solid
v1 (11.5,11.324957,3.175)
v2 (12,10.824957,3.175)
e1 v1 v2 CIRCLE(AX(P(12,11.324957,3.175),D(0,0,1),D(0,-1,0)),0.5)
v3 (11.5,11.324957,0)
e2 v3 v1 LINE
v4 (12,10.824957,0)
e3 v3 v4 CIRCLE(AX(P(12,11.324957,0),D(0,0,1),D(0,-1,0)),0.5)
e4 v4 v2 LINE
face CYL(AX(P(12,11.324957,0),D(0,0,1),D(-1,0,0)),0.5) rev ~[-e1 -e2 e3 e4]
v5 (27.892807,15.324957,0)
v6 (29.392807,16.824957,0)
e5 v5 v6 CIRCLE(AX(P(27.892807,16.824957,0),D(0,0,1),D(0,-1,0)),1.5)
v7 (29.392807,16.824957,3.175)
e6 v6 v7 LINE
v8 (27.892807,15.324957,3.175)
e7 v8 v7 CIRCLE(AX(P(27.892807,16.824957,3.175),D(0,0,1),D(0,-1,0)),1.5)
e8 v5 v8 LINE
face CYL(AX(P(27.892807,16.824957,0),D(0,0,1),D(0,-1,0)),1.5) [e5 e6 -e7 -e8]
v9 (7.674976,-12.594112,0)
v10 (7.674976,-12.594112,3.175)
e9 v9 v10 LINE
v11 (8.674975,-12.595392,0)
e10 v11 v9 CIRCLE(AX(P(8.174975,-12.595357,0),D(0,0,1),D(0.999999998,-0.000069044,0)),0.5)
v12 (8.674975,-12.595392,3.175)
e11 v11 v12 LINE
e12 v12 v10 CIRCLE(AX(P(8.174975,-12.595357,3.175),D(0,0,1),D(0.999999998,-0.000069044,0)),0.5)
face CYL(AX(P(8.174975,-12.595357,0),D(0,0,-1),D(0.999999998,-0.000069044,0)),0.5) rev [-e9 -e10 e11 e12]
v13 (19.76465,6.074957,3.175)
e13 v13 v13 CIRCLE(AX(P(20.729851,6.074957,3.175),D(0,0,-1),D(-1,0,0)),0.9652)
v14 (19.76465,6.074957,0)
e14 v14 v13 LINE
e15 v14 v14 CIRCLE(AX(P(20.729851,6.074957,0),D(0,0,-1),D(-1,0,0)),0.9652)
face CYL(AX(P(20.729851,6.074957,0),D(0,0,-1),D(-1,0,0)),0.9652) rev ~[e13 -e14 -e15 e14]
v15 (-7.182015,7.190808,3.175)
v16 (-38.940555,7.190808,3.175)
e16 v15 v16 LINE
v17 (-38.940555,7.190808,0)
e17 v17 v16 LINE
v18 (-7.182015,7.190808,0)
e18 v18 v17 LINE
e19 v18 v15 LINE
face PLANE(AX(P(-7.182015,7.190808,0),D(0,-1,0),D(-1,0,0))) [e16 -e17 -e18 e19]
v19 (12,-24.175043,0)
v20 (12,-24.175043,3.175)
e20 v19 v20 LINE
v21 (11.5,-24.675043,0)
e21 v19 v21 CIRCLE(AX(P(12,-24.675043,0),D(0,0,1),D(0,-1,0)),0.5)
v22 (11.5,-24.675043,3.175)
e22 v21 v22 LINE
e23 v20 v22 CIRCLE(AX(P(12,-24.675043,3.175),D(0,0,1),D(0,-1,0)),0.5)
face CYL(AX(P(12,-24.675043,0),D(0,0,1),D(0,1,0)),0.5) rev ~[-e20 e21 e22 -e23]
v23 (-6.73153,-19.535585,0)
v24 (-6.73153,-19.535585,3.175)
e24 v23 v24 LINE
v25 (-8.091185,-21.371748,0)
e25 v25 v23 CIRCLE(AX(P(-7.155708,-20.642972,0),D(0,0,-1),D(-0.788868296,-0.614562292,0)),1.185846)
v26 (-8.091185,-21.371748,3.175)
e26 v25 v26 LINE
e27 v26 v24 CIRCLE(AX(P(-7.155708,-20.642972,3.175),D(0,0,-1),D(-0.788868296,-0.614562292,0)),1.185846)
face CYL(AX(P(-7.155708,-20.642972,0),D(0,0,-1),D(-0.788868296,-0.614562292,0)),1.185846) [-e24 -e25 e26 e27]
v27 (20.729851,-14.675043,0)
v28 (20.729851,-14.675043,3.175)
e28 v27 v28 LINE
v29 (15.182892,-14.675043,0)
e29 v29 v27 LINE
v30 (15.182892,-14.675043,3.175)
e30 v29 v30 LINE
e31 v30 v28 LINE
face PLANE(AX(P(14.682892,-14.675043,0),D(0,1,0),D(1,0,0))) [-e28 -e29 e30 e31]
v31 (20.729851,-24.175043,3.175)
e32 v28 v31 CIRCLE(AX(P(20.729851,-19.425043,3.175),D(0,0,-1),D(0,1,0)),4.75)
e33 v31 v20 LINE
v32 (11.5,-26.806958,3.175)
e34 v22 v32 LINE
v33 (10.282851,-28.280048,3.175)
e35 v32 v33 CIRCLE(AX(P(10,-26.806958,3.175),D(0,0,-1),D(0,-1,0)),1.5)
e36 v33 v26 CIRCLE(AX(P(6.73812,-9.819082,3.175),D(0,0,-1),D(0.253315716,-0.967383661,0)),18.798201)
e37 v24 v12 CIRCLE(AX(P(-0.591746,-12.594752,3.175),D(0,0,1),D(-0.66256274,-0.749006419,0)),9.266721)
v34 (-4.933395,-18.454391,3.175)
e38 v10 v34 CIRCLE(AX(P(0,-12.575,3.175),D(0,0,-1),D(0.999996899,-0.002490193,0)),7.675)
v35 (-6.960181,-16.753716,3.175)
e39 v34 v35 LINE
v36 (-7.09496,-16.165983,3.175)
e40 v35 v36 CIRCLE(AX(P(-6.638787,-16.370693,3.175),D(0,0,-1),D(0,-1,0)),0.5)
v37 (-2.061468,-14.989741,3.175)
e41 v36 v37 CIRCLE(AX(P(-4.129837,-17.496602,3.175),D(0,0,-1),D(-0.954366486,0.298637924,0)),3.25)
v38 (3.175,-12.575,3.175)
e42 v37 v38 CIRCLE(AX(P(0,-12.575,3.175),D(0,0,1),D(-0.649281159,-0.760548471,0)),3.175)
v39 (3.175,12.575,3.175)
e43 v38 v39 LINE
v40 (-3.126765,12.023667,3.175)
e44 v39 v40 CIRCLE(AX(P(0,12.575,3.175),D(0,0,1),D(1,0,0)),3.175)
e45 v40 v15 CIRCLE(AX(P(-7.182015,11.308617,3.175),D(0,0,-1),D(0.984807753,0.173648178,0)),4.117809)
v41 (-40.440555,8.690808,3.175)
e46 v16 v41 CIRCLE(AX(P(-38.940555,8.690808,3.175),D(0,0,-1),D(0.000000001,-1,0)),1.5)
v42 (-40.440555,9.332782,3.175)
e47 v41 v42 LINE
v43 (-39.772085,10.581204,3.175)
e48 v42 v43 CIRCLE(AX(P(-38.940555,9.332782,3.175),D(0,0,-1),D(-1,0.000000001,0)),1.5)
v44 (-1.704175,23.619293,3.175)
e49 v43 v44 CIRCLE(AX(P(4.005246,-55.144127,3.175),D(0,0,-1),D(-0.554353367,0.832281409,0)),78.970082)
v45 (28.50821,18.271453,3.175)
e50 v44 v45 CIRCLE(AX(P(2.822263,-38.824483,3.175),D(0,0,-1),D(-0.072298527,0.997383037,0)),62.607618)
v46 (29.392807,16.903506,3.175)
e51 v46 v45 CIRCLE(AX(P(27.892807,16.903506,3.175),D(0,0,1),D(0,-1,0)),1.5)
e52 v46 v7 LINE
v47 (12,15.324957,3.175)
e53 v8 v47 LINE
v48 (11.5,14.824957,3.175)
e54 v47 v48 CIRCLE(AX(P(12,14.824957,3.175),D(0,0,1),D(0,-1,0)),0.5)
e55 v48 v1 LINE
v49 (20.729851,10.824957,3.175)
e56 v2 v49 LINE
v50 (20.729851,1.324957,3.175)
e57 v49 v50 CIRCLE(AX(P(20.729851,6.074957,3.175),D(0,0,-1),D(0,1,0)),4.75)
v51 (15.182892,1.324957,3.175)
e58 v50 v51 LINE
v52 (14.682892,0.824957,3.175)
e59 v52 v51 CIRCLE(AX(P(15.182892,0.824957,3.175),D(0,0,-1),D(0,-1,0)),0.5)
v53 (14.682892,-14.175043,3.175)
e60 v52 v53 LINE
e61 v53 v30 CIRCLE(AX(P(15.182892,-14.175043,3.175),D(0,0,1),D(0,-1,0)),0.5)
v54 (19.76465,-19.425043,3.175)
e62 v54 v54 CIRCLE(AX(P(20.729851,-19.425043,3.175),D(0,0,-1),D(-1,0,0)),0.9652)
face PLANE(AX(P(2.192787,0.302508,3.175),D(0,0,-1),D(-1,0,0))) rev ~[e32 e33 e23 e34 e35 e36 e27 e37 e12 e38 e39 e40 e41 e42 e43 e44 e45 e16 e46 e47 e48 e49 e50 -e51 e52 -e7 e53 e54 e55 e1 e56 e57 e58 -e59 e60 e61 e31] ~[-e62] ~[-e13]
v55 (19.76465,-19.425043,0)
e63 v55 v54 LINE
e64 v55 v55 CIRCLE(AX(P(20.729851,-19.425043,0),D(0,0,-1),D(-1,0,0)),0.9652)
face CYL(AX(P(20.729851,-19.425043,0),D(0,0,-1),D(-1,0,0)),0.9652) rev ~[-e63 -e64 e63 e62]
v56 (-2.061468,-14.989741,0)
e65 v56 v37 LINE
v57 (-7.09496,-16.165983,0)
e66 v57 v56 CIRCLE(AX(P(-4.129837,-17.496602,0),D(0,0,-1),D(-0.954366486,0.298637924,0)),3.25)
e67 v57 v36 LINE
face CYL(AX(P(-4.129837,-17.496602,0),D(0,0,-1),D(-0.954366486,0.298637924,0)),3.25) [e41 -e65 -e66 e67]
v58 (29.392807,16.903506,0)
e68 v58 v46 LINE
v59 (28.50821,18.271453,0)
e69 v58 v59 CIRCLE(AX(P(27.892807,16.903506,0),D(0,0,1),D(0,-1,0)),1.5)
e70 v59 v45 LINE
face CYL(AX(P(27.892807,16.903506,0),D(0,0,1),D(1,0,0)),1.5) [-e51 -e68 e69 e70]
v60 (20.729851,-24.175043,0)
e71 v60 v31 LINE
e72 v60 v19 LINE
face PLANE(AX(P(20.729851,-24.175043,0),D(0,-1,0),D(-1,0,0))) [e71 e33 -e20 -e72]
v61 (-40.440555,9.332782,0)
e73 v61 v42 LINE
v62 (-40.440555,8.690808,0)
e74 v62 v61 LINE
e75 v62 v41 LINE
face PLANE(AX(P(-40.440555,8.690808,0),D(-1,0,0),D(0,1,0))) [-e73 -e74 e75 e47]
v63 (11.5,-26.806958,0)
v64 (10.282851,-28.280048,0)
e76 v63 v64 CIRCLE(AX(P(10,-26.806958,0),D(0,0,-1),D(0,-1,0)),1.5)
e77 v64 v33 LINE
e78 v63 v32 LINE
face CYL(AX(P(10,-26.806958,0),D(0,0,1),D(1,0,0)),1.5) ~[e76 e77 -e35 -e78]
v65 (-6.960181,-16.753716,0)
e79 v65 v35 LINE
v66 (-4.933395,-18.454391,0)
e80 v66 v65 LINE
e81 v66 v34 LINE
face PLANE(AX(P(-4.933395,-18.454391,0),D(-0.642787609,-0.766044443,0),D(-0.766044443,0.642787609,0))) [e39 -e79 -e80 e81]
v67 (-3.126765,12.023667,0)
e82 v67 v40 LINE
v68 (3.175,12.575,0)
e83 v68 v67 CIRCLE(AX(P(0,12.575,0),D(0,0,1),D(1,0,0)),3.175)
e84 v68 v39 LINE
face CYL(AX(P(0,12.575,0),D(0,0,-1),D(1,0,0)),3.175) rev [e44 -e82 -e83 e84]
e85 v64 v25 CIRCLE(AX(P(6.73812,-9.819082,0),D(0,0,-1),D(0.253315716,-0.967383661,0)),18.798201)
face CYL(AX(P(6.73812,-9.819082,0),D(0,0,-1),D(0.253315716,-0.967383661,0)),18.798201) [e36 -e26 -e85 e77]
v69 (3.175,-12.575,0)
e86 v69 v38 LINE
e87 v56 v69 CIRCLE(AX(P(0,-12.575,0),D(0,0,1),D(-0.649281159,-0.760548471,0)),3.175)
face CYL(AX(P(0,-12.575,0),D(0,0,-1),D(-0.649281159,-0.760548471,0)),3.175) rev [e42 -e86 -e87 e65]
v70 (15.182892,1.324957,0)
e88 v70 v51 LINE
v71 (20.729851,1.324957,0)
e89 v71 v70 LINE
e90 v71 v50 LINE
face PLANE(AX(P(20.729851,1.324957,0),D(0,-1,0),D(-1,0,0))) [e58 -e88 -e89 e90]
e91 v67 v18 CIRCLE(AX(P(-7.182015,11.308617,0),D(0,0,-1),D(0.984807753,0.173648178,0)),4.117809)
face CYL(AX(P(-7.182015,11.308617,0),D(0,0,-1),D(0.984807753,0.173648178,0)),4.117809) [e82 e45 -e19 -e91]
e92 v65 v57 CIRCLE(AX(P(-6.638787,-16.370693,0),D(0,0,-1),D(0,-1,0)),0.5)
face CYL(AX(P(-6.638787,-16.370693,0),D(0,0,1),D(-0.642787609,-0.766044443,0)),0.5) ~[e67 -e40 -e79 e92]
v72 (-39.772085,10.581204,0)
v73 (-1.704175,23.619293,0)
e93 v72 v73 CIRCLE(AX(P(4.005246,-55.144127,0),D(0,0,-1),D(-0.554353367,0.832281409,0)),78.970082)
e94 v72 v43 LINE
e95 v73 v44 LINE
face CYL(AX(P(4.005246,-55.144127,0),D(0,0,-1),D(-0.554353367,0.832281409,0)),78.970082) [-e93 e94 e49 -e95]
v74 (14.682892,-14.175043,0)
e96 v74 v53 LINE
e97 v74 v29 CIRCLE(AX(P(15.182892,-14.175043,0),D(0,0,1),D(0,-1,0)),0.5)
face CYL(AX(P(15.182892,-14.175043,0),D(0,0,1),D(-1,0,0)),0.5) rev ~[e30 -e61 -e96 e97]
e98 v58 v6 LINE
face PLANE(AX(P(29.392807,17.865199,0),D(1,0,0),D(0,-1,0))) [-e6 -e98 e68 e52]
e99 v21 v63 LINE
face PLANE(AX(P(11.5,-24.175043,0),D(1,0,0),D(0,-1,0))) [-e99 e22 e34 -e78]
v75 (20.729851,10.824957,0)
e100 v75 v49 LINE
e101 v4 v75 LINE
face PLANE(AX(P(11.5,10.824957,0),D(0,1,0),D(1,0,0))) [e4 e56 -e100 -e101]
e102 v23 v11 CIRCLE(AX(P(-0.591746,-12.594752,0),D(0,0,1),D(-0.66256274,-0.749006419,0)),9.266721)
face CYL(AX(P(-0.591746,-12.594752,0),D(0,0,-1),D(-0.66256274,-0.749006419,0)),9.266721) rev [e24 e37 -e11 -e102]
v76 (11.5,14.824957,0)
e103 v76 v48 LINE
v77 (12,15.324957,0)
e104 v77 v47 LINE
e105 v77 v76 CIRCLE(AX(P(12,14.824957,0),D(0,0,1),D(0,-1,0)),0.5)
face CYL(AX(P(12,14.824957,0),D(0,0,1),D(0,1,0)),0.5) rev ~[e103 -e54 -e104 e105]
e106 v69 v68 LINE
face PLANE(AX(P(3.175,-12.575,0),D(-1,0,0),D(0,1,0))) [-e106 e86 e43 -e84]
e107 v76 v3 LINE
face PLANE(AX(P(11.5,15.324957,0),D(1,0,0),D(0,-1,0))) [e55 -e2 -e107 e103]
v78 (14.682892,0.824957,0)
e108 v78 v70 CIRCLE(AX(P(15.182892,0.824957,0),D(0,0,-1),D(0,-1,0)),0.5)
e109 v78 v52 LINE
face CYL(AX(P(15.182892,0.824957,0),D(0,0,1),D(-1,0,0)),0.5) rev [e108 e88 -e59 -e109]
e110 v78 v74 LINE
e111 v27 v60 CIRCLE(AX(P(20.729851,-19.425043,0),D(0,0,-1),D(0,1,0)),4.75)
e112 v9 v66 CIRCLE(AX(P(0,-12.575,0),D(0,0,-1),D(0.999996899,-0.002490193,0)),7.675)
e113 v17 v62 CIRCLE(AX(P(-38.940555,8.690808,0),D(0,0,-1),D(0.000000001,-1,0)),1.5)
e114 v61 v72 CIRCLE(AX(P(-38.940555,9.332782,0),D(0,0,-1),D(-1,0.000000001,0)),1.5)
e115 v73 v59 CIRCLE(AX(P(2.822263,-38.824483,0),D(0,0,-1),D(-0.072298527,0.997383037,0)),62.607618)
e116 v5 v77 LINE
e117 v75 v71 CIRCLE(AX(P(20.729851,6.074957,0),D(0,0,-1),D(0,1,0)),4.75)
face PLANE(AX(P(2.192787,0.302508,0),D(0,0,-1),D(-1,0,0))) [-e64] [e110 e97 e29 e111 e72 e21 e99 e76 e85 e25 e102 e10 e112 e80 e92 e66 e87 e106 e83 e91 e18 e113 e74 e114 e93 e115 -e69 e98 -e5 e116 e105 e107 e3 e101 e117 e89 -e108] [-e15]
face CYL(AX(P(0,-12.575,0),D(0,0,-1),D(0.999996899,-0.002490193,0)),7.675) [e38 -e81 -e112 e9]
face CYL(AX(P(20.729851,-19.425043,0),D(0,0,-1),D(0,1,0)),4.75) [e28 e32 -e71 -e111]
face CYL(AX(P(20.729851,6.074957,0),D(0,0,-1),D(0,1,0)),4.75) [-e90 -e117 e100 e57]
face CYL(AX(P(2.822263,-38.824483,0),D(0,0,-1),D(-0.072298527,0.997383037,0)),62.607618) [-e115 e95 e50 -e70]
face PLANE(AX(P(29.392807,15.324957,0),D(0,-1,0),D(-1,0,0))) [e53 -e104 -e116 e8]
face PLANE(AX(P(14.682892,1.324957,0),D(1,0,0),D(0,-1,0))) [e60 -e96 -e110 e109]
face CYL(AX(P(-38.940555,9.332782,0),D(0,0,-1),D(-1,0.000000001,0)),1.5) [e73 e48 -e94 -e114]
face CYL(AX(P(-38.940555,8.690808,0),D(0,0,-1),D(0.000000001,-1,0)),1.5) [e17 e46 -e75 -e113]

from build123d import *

# Parameters (mm, degrees)
BOSS_EXTRUDE1_DEPTH = 3.175
FILLET1_R           = 0.5
CUT_EXTRUDE2_REACH  = 51.643
SKETCH3_R           = 0.9652
FILLET2_R           = 1.5


with BuildPart() as part:
    # Model → Boss-Extrude1 (new body)
    with BuildSketch(Plane.XY):
        with BuildLine():
            Line((14.682892141, 1.324956628), (14.682892141, -14.675043372))
            Line((14.682892141, -14.675043372), (20.7298505, -14.675043372))
            ThreePointArc((20.7298505, -14.675043372), (25.4798505, -19.425043372), (20.7298505, -24.175043372))
            Line((20.7298505, -24.175043372), (11.5, -24.175043372))
            Line((11.5, -24.175043372), (11.5, -28.004155183))
            ThreePointArc((11.5, -28.004155183), (0.71022918, -27.624612518), (-8.091185045, -21.371748005))
            ThreePointArc((-8.091185045, -21.371748005), (-8.108719309, -19.937278968), (-6.731529764, -19.535585272))
            ThreePointArc((-6.731529764, -19.535585272), (3.21430247, -21.04378196), (8.674974651, -12.595391853))
            ThreePointArc((8.674974651, -12.595391853), (8.175614462, -12.09535774), (7.674976202, -12.594112234))
            ThreePointArc((7.674976202, -12.594112234), (3.234931854, -19.534945465), (-4.933394903, -18.4543911))
            Line((-4.933394903, -18.4543911), (-7.231528234, -16.526028271))
            ThreePointArc((-7.231528234, -16.526028271), (-5.055570769, -14.381233606), (-2.061467679, -14.989741395))
            ThreePointArc((-2.061467679, -14.989741395), (1.32956104, -15.458208706), (3.175, -12.575000001))
            Line((3.175, -12.575000001), (3.175, 12.575000001))
            ThreePointArc((3.175, 12.575000001), (-0.276719482, 15.737918167), (-3.126764616, 12.023667038))
            ThreePointArc((-3.126764616, 12.023667038), (-4.027590212, 8.661740144), (-7.182015159, 7.190807634))
            Line((-7.182015159, 7.190807634), (-38.940555286, 7.190807634))
            ThreePointArc((-38.940555286, 7.190807634), (-40.001215458, 7.630147462), (-40.440555286, 8.690807634))
            Line((-40.440555286, 8.690807634), (-40.440555286, 9.332781994))
            ThreePointArc((-40.440555286, 9.332781994), (-40.26291966, 10.040844464), (-39.772085337, 10.581204108))
            ThreePointArc((-39.772085337, 10.581204108), (-21.582497329, 19.5655863), (-1.704175076, 23.619293202))
            ThreePointArc((-1.704175076, 23.619293202), (14.213621823, 22.738093196), (29.39280733, 17.865198893))
            Line((29.39280733, 17.865198893), (29.39280733, 15.324956628))
            Line((29.39280733, 15.324956628), (11.5, 15.324956628))
            Line((11.5, 15.324956628), (11.5, 10.824956628))
            Line((11.5, 10.824956628), (20.7298505, 10.824956628))
            ThreePointArc((20.7298505, 10.824956628), (25.4798505, 6.074956628), (20.7298505, 1.324956628))
            Line((20.7298505, 1.324956628), (14.682892141, 1.324956628))
        make_face()
    extrude(amount=BOSS_EXTRUDE1_DEPTH)

    # Fillet1
    fillet1_edges = [part.edges().sort_by_distance(p)[0] for p in [
        (11.5, 15.324956628, 1.5875),
        (11.5, 10.824956628, 1.5875),
        (14.682892141, 1.324956628, 1.5875),
        (14.682892141, -14.675043372, 1.5875),
        (11.5, -24.175043372, 1.5875),
        (-7.231528234, -16.526028271, 1.5875),
    ]]
    fillet(fillet1_edges, radius=FILLET1_R)

    # Sketch3 → Cut-Extrude2 (cut, up to next)
    with BuildSketch(Plane(origin=(0, 0, 0), x_dir=(-1, 0, 0), z_dir=(0, 0, -1)), mode=Mode.PRIVATE) as cut_extrude2_sk1:
        with Locations((-20.7298505, 6.074956628)):
            Circle(SKETCH3_R)
    cut_extrude2_tool1 = extrude(cut_extrude2_sk1.sketch, amount=-CUT_EXTRUDE2_REACH, mode=Mode.PRIVATE) & part.part
    # Sketch3 → Cut-Extrude2 (cut, up to next)
    with BuildSketch(Plane(origin=(0, 0, 0), x_dir=(-1, 0, 0), z_dir=(0, 0, -1)), mode=Mode.PRIVATE) as cut_extrude2_sk2:
        with Locations((-20.7298505, -19.425043372)):
            Circle(SKETCH3_R)
    cut_extrude2_tool2 = extrude(cut_extrude2_sk2.sketch, amount=-CUT_EXTRUDE2_REACH, mode=Mode.PRIVATE) & part.part
    add(cut_extrude2_tool1.solids().sort_by_distance((20.729851, 6.074957, 0))[0], mode=Mode.SUBTRACT)
    add(cut_extrude2_tool2.solids().sort_by_distance((20.729851, -19.425043, 0))[0], mode=Mode.SUBTRACT)

    # Fillet2
    fillet2_edges = [part.edges().sort_by_distance(p)[0] for p in [
        (29.39280733, 17.865198893, 1.5875),
        (29.39280733, 15.324956628, 1.5875),
        (11.5, -28.004155183, 1.5875),
    ]]
    fillet(fillet2_edges, radius=FILLET2_R)


solid = part.part
